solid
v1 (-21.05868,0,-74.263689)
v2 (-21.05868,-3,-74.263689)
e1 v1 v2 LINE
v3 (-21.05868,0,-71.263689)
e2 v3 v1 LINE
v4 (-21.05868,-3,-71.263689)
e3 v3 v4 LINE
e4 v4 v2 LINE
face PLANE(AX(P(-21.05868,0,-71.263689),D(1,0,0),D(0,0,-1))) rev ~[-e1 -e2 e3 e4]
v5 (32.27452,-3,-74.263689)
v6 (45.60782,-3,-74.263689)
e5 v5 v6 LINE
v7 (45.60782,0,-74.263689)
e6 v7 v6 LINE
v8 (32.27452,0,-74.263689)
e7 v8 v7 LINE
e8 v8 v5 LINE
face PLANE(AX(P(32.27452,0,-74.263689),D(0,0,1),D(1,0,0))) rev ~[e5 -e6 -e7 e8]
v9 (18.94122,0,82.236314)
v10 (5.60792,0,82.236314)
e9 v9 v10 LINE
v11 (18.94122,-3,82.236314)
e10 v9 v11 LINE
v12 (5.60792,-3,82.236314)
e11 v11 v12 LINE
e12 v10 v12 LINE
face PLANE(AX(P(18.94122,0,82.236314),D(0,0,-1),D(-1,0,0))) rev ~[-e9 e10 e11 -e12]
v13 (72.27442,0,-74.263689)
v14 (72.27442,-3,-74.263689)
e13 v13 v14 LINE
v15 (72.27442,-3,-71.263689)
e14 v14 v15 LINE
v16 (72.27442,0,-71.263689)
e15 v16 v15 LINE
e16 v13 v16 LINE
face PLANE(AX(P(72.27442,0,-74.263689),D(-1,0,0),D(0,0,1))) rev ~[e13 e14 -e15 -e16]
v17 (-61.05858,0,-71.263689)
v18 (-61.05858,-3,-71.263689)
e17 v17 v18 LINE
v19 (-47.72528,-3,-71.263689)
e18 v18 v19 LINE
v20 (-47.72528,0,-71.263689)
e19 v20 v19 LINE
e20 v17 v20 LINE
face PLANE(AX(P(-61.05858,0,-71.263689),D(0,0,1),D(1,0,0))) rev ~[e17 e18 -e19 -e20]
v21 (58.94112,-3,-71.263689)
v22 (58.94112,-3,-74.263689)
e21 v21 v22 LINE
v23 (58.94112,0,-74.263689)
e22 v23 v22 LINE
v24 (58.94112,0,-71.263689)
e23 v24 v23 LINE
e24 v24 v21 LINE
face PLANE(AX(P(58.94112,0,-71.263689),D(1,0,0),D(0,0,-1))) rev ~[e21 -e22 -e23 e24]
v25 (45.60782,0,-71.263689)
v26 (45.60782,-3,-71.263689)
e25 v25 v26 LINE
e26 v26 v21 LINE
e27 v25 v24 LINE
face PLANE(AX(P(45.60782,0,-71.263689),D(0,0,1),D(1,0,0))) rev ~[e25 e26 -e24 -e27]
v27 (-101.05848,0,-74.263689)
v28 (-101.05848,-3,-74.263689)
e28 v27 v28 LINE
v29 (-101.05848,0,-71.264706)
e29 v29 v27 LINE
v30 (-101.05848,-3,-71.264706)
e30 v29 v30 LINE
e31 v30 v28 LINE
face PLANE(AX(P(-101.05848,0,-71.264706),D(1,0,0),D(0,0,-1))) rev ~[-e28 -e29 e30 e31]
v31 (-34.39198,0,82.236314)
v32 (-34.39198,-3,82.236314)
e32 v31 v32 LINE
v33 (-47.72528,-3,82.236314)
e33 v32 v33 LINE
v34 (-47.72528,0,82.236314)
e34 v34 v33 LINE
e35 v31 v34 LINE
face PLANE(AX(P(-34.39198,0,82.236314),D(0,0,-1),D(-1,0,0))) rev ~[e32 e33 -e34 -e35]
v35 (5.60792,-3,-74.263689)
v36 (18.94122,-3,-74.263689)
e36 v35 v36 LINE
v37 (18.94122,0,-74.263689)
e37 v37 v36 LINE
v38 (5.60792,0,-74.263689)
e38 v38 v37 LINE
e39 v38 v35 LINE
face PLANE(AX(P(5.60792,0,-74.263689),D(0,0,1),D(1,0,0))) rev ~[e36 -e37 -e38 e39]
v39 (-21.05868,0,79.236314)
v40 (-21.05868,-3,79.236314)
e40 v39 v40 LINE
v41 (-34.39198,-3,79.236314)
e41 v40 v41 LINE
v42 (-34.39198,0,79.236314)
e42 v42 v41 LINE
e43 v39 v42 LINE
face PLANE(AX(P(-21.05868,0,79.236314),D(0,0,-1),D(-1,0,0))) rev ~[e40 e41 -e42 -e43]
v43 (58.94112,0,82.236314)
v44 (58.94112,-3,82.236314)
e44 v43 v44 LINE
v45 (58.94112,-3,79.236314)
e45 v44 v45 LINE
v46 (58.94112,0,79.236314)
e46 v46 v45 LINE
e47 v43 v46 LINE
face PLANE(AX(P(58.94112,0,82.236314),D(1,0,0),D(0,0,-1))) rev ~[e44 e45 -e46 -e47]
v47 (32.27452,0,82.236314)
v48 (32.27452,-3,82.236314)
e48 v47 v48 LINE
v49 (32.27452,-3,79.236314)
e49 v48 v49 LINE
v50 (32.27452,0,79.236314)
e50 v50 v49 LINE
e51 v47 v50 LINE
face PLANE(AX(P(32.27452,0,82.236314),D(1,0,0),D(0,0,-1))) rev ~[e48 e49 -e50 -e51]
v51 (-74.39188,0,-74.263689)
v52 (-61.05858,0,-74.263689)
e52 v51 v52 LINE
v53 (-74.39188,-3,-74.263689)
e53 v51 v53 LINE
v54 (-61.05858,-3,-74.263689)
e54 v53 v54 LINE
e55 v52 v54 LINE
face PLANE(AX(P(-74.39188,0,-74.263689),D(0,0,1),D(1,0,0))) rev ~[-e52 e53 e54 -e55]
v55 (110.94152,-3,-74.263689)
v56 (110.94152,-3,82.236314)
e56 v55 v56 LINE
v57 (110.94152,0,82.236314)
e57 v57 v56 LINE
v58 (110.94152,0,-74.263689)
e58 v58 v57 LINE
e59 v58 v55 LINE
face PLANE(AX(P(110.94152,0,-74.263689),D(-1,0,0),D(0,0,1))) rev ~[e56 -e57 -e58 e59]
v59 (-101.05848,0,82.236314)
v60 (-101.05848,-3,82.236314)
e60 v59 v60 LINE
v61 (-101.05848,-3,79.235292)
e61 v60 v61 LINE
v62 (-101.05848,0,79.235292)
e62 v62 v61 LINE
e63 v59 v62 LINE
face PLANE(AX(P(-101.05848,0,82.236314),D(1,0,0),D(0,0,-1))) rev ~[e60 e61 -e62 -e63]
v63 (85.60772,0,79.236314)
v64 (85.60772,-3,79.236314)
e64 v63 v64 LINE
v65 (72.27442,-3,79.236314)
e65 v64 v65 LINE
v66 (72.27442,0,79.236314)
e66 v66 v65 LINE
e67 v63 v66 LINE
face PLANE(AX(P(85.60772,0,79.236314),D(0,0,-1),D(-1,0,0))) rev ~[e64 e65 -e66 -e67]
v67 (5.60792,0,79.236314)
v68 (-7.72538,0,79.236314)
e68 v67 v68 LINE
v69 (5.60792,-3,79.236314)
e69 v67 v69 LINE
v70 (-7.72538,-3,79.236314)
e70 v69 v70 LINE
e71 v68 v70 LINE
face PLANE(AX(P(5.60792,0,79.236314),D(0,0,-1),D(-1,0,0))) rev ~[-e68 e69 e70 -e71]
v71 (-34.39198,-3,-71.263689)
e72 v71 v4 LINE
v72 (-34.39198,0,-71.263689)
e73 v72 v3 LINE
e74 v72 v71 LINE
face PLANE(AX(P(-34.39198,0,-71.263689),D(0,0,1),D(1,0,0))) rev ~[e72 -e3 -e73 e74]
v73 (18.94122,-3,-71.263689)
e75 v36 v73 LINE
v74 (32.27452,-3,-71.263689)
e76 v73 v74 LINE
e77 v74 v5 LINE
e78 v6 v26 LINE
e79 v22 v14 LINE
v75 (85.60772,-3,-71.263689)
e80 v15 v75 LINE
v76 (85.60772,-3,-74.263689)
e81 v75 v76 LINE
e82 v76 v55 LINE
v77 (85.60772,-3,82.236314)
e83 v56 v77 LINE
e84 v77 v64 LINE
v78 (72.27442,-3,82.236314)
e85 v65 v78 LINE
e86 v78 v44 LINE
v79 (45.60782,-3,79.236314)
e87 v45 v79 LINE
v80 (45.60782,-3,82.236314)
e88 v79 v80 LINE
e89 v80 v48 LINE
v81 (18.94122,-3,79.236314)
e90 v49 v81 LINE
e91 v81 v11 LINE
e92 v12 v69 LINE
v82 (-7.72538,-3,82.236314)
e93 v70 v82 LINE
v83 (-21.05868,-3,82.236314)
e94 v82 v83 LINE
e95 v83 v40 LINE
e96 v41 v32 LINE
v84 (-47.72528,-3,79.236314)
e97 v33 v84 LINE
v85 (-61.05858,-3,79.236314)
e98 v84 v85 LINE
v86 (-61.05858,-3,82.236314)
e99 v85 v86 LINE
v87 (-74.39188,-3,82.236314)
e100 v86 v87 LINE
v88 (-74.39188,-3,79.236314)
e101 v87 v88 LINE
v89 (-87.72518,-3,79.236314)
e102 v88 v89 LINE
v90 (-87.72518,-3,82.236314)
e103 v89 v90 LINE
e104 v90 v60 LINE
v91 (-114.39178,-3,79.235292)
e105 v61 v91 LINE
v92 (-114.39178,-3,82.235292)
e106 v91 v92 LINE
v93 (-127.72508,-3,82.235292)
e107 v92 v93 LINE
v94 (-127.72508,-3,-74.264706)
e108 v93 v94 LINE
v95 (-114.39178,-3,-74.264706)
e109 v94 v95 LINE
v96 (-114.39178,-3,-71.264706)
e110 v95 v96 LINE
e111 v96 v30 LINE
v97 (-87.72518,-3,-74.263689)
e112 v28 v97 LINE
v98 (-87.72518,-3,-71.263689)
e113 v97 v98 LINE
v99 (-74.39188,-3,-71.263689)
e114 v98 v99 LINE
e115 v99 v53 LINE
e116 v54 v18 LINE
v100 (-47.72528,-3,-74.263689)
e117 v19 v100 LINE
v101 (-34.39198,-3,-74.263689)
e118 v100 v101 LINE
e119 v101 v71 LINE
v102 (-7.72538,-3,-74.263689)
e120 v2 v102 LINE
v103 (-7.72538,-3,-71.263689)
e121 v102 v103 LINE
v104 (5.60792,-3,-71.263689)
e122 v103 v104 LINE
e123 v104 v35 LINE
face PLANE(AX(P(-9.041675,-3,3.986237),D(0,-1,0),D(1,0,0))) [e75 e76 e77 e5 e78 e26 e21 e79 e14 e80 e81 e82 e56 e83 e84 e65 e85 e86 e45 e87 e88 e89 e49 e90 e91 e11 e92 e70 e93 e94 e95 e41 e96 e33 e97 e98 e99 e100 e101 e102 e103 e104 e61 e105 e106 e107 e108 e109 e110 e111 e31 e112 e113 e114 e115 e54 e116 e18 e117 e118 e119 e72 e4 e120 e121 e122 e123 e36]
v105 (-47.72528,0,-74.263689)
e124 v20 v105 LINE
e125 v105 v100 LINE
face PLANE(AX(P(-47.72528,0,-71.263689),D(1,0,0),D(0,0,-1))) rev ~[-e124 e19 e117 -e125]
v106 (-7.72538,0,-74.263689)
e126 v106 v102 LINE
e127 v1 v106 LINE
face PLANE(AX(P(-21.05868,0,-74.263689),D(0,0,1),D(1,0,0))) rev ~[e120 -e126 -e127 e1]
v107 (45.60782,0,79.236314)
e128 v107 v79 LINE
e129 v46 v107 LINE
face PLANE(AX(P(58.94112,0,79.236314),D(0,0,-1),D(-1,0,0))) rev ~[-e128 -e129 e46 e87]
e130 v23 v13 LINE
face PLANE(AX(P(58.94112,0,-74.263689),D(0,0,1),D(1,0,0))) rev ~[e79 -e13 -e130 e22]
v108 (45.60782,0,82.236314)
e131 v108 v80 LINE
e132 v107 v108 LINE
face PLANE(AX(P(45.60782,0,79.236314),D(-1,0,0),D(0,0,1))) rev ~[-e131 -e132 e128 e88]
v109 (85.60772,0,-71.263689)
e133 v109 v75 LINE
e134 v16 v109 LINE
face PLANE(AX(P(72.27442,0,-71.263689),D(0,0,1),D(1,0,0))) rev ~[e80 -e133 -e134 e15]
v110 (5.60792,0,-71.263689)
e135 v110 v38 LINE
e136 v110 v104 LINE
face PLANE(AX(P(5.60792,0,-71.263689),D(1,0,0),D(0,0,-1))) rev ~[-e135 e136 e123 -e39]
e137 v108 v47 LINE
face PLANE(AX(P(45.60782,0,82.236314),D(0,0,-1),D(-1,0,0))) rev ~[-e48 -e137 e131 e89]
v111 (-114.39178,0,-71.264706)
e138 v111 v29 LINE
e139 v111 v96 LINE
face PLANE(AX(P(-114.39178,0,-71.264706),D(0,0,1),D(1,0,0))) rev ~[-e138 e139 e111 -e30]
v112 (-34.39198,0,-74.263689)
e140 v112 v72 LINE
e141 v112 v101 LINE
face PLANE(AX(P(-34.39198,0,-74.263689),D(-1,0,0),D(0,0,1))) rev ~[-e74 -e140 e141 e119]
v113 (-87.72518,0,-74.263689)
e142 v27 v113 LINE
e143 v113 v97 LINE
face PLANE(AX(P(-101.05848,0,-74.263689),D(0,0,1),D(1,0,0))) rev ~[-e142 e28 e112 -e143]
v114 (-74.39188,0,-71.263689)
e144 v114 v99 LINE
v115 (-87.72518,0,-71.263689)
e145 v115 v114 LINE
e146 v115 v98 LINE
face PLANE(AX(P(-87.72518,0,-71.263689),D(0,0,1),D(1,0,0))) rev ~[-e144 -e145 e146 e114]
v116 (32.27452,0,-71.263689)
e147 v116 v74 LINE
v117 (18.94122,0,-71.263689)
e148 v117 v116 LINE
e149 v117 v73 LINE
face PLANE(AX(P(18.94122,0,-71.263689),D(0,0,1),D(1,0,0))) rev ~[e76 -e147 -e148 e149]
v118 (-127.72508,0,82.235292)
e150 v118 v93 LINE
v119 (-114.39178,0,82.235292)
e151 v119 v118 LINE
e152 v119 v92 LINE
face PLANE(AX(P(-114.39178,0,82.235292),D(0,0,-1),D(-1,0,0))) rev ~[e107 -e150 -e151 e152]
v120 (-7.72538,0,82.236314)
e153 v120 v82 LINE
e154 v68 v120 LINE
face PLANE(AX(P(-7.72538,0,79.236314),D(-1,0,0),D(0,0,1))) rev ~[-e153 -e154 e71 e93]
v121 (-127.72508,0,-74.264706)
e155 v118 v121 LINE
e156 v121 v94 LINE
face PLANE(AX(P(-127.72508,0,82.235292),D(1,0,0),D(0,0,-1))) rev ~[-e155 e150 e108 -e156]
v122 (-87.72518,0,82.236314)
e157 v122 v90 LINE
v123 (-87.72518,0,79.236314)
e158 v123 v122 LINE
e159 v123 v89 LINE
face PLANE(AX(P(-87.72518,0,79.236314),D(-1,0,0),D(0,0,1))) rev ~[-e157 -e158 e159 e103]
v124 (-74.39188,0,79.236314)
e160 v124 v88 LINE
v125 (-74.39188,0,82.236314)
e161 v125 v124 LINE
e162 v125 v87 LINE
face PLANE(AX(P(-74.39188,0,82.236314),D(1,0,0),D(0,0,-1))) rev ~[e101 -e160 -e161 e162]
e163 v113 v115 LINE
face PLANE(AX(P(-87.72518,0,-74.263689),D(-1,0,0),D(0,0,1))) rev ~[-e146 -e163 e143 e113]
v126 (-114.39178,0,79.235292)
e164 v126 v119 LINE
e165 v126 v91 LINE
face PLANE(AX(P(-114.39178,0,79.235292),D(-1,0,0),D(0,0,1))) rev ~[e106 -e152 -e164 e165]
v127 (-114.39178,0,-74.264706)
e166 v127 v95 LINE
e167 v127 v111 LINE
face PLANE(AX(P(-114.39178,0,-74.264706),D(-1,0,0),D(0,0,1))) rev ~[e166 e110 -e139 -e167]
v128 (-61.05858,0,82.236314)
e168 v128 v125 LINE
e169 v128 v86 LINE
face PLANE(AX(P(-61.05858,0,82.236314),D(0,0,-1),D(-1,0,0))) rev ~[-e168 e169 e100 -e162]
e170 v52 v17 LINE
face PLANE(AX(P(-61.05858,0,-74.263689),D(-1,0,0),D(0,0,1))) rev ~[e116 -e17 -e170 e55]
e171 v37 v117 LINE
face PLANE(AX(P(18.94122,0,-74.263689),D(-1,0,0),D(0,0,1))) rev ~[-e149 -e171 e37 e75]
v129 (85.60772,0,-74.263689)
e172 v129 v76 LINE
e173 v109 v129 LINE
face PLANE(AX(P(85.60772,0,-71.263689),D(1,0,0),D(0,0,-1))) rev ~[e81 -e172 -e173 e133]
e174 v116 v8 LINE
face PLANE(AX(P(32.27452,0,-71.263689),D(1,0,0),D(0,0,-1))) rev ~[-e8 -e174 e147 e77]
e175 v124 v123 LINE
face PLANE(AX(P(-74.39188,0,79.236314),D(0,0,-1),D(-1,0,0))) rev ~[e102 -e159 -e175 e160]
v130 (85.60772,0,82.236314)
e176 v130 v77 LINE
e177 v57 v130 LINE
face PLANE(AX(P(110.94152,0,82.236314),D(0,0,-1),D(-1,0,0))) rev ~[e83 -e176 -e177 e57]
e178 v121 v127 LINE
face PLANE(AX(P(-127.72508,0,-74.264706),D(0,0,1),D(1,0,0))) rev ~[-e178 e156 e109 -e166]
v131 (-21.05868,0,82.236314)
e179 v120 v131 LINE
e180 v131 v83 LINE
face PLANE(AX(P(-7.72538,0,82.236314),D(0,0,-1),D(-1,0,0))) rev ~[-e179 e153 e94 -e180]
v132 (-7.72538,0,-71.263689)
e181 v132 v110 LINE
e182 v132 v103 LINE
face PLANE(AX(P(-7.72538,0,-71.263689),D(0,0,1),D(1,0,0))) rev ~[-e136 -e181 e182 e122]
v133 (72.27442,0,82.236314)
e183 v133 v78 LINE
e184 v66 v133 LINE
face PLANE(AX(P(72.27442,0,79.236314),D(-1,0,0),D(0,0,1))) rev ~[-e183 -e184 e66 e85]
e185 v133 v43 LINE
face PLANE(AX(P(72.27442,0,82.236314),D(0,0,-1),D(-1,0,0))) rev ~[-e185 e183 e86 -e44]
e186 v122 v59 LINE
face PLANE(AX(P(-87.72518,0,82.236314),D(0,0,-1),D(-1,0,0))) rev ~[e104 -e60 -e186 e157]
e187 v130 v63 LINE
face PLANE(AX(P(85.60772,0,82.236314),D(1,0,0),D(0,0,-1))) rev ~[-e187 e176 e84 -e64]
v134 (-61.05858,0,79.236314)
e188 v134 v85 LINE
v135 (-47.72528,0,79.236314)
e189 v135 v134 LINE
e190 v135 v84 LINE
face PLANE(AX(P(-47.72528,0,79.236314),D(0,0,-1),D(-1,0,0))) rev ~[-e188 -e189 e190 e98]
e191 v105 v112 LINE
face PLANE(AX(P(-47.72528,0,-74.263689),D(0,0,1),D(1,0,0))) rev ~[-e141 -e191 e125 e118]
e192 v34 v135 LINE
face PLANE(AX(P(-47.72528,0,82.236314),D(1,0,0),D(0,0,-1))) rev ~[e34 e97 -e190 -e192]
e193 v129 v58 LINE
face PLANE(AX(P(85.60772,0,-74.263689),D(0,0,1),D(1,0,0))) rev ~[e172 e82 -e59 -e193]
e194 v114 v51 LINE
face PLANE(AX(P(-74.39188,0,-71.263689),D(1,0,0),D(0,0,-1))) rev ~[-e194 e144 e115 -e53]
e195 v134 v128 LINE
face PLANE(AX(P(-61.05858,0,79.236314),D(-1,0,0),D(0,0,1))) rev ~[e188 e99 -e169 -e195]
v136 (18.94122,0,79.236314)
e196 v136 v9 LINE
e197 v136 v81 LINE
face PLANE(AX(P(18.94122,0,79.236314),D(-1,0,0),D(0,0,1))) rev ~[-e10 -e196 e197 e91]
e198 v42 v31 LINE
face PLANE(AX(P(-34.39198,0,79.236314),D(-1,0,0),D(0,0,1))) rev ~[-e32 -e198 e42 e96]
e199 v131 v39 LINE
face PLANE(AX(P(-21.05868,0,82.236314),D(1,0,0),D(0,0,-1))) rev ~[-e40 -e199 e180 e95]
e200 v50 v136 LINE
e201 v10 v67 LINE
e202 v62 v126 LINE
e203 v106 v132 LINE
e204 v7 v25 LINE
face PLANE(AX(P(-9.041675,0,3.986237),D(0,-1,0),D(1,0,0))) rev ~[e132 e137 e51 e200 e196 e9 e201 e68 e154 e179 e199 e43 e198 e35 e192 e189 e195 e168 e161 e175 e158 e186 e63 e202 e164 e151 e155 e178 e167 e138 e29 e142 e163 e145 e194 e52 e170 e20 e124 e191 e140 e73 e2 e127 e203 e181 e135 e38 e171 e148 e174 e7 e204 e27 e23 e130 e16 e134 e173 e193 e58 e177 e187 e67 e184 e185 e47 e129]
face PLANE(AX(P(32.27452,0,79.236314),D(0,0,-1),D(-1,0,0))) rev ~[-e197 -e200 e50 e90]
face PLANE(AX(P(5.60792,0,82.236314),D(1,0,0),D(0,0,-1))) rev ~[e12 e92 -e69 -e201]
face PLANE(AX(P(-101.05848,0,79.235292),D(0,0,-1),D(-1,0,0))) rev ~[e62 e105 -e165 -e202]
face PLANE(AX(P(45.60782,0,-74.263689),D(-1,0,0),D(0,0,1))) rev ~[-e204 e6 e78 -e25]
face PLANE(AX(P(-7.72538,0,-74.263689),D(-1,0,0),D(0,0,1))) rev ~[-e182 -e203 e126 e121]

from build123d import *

# Parameters (mm, degrees)
F1_DEPTH = 3


with BuildPart() as f1:
    # F0 (on Front) → F1 (new body)
    with BuildSketch(Plane.XZ):
        Polygon((-74.39188, 79.236314), (-87.72518, 79.236314), (-87.72518, 82.236314), (-101.05848, 82.236314), (-101.05848, 79.235292), (-114.39178, 79.235292), (-114.39178, 82.235292), (-127.72508, 82.235292), (-127.72508, -74.264706), (-114.39178, -74.264706), (-114.39178, -71.264706), (-101.05848, -71.264706), (-101.05848, -74.263689), (-87.72518, -74.263689), (-87.72518, -71.263689), (-74.39188, -71.263689), (-74.39188, -74.263689), (-61.05858, -74.263689), (-61.05858, -71.263689), (-47.72528, -71.263689), (-47.72528, -74.263689), (-34.39198, -74.263689), (-34.39198, -71.263689), (-21.05868, -71.263689), (-21.05868, -74.263689), (-7.72538, -74.263689), (-7.72538, -71.263689), (5.60792, -71.263689), (5.60792, -74.263689), (18.94122, -74.263689), (18.94122, -71.263689), (32.27452, -71.263689), (32.27452, -74.263689), (45.60782, -74.263689), (45.60782, -71.263689), (58.94112, -71.263689), (58.94112, -74.263689), (72.27442, -74.263689), (72.27442, -71.263689), (85.60772, -71.263689), (85.60772, -74.263689), (110.94152, -74.263689), (110.94152, 82.236314), (85.60772, 82.236314), (85.60772, 79.236314), (72.27442, 79.236314), (72.27442, 82.236314), (58.94112, 82.236314), (58.94112, 79.236314), (45.60782, 79.236314), (45.60782, 82.236314), (32.27452, 82.236314), (32.27452, 79.236314), (18.94122, 79.236314), (18.94122, 82.236314), (5.60792, 82.236314), (5.60792, 79.236314), (-7.72538, 79.236314), (-7.72538, 82.236314), (-21.05868, 82.236314), (-21.05868, 79.236314), (-34.39198, 79.236314), (-34.39198, 82.236314), (-47.72528, 82.236314), (-47.72528, 79.236314), (-61.05858, 79.236314), (-61.05858, 82.236314), (-74.39188, 82.236314), align=None)
    extrude(amount=F1_DEPTH)


solid = f1.part
